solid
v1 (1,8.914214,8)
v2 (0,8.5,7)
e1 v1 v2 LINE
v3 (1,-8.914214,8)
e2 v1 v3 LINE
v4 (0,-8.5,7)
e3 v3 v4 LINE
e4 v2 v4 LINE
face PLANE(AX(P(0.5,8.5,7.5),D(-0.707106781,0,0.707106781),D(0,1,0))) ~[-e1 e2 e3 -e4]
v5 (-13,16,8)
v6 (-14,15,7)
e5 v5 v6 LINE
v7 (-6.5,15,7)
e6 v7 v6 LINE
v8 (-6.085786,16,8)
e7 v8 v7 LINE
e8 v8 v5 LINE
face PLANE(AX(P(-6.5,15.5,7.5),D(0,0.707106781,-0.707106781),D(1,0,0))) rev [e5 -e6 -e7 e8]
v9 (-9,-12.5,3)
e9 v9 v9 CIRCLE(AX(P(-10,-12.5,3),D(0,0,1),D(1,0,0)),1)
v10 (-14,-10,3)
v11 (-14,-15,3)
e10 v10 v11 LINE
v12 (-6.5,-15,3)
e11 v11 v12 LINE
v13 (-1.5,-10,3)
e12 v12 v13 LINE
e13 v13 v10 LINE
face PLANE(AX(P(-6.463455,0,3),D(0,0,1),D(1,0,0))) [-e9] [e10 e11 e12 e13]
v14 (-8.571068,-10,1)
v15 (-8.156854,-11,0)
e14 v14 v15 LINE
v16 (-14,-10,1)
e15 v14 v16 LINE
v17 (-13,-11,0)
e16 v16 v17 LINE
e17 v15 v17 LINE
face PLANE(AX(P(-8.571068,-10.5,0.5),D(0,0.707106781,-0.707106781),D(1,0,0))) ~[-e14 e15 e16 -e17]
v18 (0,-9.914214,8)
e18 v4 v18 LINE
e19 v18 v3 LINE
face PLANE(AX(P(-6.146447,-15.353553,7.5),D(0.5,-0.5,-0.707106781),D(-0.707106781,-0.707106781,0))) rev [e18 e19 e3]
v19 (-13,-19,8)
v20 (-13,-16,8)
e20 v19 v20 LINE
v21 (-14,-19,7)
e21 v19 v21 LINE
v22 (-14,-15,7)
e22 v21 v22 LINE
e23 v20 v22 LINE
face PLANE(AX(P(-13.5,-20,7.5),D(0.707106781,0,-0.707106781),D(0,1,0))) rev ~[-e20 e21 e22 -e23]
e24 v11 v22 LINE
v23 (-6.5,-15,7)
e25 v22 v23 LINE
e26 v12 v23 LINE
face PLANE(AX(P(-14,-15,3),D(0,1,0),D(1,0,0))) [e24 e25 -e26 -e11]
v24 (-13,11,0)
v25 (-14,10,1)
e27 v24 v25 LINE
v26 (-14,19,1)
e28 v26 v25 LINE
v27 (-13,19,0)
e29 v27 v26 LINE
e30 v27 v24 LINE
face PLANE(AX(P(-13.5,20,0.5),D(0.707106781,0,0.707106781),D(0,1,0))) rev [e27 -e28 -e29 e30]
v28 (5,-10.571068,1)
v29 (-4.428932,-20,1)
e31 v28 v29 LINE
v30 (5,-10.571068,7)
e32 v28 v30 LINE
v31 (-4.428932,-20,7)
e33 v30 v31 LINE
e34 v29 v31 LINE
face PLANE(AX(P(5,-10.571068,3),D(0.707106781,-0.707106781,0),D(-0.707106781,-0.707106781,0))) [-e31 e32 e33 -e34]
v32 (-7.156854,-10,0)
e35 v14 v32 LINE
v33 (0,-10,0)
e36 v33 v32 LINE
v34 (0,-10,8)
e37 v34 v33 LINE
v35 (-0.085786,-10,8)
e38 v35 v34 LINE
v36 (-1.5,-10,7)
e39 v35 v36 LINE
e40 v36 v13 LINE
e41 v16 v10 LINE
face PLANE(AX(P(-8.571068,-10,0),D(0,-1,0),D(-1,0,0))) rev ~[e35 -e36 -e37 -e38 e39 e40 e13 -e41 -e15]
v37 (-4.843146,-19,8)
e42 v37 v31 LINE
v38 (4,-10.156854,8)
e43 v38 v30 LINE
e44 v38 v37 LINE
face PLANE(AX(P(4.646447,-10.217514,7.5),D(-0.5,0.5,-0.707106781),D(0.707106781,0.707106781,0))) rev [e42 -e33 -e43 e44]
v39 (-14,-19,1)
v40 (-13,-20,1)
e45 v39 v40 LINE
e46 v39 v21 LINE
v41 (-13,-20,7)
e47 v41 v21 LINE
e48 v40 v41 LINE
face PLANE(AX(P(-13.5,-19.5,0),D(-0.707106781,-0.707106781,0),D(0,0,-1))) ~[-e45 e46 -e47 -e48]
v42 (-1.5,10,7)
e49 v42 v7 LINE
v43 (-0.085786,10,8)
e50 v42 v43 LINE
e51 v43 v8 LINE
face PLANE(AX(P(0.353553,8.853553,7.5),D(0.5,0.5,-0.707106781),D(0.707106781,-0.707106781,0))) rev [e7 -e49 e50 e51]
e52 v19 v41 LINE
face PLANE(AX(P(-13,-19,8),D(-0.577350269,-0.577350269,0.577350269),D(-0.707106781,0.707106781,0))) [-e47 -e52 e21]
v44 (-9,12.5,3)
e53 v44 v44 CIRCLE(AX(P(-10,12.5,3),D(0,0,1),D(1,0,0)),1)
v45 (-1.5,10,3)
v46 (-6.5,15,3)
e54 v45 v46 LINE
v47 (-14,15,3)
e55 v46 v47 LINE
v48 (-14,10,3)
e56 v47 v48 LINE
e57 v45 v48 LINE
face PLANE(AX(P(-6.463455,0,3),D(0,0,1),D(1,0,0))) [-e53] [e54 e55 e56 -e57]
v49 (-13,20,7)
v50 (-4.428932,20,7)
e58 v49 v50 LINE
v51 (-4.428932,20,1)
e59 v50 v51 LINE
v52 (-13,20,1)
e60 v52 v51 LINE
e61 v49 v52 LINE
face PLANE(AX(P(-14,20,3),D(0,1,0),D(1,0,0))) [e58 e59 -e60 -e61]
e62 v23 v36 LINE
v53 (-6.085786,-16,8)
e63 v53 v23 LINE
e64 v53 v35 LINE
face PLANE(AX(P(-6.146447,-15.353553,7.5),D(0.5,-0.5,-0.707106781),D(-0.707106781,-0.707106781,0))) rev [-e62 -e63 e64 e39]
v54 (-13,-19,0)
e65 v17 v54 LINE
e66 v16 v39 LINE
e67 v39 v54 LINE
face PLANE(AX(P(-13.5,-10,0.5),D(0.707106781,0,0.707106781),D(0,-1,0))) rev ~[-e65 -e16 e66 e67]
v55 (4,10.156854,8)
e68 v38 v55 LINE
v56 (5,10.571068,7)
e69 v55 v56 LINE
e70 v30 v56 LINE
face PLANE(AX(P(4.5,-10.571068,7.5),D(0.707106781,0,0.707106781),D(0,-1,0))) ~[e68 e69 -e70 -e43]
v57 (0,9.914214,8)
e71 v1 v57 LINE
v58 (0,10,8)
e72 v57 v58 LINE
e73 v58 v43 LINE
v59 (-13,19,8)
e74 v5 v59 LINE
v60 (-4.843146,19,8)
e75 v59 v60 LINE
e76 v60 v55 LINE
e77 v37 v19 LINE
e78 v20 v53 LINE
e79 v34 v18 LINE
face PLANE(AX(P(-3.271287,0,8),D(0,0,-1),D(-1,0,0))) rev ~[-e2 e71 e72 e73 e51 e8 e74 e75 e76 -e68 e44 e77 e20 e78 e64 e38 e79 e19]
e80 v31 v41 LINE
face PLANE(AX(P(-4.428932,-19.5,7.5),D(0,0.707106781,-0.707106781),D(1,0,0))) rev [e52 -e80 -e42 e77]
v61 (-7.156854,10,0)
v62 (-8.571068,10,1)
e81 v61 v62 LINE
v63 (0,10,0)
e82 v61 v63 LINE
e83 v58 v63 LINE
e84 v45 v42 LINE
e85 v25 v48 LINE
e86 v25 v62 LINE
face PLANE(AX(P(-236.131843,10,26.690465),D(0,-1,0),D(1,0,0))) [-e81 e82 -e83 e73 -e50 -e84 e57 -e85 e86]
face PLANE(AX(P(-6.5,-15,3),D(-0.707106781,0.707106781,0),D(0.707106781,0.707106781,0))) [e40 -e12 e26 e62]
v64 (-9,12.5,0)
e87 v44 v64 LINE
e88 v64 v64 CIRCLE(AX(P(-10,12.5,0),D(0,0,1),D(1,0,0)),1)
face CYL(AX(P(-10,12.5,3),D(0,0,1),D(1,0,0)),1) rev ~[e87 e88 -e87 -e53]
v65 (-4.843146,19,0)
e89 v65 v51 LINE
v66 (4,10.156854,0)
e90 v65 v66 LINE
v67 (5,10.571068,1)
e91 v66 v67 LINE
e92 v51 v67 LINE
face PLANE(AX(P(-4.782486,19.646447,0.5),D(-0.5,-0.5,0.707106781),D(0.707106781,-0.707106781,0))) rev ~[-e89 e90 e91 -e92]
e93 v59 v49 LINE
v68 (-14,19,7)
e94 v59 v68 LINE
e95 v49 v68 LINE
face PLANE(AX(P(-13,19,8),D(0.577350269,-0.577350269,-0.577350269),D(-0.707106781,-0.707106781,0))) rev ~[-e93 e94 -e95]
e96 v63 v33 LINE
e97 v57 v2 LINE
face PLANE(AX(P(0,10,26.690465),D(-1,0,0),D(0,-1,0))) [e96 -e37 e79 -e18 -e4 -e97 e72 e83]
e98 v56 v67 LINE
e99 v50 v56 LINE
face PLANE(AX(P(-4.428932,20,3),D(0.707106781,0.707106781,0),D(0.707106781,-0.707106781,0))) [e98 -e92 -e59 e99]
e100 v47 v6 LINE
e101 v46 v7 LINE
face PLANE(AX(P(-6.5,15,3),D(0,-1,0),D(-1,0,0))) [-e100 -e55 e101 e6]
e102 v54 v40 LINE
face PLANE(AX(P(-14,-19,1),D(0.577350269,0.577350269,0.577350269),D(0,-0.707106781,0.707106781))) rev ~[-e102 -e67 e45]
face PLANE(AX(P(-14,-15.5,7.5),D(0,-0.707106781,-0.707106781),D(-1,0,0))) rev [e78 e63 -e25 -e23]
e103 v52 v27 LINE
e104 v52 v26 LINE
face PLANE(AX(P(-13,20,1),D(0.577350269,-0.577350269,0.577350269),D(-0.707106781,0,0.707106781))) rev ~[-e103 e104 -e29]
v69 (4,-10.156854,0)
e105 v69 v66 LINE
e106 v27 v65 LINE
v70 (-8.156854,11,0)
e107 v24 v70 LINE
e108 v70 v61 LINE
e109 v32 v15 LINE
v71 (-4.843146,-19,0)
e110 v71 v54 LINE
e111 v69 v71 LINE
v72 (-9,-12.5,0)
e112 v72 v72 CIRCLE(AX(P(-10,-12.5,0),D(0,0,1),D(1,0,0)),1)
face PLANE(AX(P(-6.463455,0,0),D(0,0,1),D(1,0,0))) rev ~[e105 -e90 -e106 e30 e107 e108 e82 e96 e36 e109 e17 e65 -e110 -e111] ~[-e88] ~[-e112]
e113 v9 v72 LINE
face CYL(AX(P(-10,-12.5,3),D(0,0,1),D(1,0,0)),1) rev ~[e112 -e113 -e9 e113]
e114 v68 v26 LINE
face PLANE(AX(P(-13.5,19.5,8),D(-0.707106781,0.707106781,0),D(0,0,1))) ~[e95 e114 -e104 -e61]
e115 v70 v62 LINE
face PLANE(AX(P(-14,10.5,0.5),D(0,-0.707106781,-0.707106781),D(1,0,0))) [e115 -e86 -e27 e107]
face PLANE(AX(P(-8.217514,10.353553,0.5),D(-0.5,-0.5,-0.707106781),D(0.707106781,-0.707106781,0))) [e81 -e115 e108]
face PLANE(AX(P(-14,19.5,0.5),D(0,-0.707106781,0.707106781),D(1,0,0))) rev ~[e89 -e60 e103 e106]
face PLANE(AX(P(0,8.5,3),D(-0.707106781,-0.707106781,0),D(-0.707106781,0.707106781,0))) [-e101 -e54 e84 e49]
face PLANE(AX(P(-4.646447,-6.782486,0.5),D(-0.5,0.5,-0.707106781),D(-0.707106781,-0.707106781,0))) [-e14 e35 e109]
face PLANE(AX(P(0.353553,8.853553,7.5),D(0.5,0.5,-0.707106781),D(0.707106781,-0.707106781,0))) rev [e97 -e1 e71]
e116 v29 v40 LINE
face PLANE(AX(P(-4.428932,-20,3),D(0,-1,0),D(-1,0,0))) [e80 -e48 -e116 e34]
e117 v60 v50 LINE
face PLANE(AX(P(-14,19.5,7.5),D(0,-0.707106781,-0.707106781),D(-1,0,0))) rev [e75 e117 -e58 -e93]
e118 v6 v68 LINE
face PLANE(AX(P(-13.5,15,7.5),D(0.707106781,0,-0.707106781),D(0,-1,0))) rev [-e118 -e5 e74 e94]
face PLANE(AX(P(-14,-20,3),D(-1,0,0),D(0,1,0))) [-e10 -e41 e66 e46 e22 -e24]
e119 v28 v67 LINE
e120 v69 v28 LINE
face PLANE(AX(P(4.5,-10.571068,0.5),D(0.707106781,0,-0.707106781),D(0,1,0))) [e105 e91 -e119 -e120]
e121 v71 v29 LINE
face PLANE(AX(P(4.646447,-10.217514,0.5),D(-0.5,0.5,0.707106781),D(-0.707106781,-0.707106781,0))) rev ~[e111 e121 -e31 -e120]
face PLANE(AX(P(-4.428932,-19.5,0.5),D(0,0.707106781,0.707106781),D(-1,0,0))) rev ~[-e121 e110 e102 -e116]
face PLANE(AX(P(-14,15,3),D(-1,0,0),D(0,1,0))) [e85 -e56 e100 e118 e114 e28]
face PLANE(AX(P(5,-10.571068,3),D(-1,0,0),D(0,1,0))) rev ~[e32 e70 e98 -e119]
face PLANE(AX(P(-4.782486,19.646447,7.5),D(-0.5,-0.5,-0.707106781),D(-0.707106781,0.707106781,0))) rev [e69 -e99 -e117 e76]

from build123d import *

# Parameters (mm, degrees)
EXTRUDE_1_DEPTH          = 3
EXTRUDE_2_DEPTH          = 5
SKETCH_4_R               = 1
CUT_EXTRUDE_1_DEPTH      = 8
CHAMFER_1_SIZE           = 1
CUT_EXTRUDE_3_DEPTH      = 26.690465157
CUT_EXTRUDE_3_DEPTH_BACK = 26.690465157


with BuildPart() as part:
    # 草图1 → 凸台-拉伸1 (new body)
    with BuildSketch(Plane.XY):
        Polygon((-5, -6.428932188), (-8.571067812, -10), (-14, -10), (-14, -15), (-6.5, -15), (0, -8.5), (0, 0), (0, 8.5), (-6.5, 15), (-14, 15), (-14, 10), (-8.571067812, 10), (-5, 6.428932188), (-5, 0), align=None)
        Polygon((-4.428932188, -20), (-14, -20), (-14, -15), (-6.5, -15), (0, -8.5), (0, 0), (0, 8.5), (-6.5, 15), (-14, 15), (-14, 20), (-4.428932188, 20), (5, 10.571067812), (5, 0), (5, -10.571067812), align=None)
    extrude(amount=EXTRUDE_1_DEPTH)

    # 草图3 → 凸台-拉伸2 (add)
    with BuildSketch(Plane.XY.offset(3)):
        Polygon((-14, -20), (-14, -15), (-6.5, -15), (0, -8.5), (0, 0), (0, 8.5), (-6.5, 15), (-14, 15), (-14, 20), (-4.428932188, 20), (5, 10.571067812), (5, 0), (5, -10.571067812), (-4.428932188, -20), align=None)
    extrude(amount=EXTRUDE_2_DEPTH)

    # 草图4 → 切除-拉伸1 (cut)
    with BuildSketch(Plane.XY.offset(3)):
        with Locations((-10, 12.5)):
            Circle(SKETCH_4_R)
        with Locations((-10, -12.5)):
            Circle(SKETCH_4_R)
    extrude(amount=-CUT_EXTRUDE_1_DEPTH, mode=Mode.SUBTRACT)

    # 倒角1
    chamfer_1_edges = [part.edges().sort_by_distance(p)[0] for p in [
        (-11.285533906, -10, 0),
        (-6.785533906, -8.214466094, 0),
        (-5, 0, 0),
        (-6.785533906, 8.214466094, 0),
        (-11.285533906, 10, 0),
        (-14, 15, 0),
        (-9.214466094, 20, 0),
        (0.285533906, 15.285533906, 0),
        (5, 0, 0),
        (0.285533906, -15.285533906, 0),
        (-9.214466094, -20, 0),
        (-14, -15, 0),
        (-14, 20, 4),
        (-14, -20, 4),
        (-9.214466094, -20, 8),
        (0.285533906, -15.285533906, 8),
        (5, 0, 8),
        (0.285533906, 15.285533906, 8),
        (-9.214466094, 20, 8),
        (-14, 17.5, 8),
        (-10.25, 15, 8),
        (-3.25, 11.75, 8),
        (0, 0, 8),
        (-3.25, -11.75, 8),
        (-10.25, -15, 8),
        (-14, -17.5, 8),
    ]]
    chamfer(chamfer_1_edges, length=CHAMFER_1_SIZE)

    # 草图6 → 切除-拉伸3 (cut, two sides: drawn at the far end of the back side and taken through both)
    with BuildSketch(Plane(origin=(0, 0, 0), x_dir=(-1, 0, 0), z_dir=(0, 0, -1)).offset(-CUT_EXTRUDE_3_DEPTH_BACK)):
        Polygon((84.424659409, 10), (8.571067812, 10), (0, 10), (0, -10), (8.571067812, -10), (84.424659409, -10), (236.131842603, -10), (236.131842603, 10), align=None)
    extrude(amount=CUT_EXTRUDE_3_DEPTH + CUT_EXTRUDE_3_DEPTH_BACK, mode=Mode.SUBTRACT)


solid = part.part
